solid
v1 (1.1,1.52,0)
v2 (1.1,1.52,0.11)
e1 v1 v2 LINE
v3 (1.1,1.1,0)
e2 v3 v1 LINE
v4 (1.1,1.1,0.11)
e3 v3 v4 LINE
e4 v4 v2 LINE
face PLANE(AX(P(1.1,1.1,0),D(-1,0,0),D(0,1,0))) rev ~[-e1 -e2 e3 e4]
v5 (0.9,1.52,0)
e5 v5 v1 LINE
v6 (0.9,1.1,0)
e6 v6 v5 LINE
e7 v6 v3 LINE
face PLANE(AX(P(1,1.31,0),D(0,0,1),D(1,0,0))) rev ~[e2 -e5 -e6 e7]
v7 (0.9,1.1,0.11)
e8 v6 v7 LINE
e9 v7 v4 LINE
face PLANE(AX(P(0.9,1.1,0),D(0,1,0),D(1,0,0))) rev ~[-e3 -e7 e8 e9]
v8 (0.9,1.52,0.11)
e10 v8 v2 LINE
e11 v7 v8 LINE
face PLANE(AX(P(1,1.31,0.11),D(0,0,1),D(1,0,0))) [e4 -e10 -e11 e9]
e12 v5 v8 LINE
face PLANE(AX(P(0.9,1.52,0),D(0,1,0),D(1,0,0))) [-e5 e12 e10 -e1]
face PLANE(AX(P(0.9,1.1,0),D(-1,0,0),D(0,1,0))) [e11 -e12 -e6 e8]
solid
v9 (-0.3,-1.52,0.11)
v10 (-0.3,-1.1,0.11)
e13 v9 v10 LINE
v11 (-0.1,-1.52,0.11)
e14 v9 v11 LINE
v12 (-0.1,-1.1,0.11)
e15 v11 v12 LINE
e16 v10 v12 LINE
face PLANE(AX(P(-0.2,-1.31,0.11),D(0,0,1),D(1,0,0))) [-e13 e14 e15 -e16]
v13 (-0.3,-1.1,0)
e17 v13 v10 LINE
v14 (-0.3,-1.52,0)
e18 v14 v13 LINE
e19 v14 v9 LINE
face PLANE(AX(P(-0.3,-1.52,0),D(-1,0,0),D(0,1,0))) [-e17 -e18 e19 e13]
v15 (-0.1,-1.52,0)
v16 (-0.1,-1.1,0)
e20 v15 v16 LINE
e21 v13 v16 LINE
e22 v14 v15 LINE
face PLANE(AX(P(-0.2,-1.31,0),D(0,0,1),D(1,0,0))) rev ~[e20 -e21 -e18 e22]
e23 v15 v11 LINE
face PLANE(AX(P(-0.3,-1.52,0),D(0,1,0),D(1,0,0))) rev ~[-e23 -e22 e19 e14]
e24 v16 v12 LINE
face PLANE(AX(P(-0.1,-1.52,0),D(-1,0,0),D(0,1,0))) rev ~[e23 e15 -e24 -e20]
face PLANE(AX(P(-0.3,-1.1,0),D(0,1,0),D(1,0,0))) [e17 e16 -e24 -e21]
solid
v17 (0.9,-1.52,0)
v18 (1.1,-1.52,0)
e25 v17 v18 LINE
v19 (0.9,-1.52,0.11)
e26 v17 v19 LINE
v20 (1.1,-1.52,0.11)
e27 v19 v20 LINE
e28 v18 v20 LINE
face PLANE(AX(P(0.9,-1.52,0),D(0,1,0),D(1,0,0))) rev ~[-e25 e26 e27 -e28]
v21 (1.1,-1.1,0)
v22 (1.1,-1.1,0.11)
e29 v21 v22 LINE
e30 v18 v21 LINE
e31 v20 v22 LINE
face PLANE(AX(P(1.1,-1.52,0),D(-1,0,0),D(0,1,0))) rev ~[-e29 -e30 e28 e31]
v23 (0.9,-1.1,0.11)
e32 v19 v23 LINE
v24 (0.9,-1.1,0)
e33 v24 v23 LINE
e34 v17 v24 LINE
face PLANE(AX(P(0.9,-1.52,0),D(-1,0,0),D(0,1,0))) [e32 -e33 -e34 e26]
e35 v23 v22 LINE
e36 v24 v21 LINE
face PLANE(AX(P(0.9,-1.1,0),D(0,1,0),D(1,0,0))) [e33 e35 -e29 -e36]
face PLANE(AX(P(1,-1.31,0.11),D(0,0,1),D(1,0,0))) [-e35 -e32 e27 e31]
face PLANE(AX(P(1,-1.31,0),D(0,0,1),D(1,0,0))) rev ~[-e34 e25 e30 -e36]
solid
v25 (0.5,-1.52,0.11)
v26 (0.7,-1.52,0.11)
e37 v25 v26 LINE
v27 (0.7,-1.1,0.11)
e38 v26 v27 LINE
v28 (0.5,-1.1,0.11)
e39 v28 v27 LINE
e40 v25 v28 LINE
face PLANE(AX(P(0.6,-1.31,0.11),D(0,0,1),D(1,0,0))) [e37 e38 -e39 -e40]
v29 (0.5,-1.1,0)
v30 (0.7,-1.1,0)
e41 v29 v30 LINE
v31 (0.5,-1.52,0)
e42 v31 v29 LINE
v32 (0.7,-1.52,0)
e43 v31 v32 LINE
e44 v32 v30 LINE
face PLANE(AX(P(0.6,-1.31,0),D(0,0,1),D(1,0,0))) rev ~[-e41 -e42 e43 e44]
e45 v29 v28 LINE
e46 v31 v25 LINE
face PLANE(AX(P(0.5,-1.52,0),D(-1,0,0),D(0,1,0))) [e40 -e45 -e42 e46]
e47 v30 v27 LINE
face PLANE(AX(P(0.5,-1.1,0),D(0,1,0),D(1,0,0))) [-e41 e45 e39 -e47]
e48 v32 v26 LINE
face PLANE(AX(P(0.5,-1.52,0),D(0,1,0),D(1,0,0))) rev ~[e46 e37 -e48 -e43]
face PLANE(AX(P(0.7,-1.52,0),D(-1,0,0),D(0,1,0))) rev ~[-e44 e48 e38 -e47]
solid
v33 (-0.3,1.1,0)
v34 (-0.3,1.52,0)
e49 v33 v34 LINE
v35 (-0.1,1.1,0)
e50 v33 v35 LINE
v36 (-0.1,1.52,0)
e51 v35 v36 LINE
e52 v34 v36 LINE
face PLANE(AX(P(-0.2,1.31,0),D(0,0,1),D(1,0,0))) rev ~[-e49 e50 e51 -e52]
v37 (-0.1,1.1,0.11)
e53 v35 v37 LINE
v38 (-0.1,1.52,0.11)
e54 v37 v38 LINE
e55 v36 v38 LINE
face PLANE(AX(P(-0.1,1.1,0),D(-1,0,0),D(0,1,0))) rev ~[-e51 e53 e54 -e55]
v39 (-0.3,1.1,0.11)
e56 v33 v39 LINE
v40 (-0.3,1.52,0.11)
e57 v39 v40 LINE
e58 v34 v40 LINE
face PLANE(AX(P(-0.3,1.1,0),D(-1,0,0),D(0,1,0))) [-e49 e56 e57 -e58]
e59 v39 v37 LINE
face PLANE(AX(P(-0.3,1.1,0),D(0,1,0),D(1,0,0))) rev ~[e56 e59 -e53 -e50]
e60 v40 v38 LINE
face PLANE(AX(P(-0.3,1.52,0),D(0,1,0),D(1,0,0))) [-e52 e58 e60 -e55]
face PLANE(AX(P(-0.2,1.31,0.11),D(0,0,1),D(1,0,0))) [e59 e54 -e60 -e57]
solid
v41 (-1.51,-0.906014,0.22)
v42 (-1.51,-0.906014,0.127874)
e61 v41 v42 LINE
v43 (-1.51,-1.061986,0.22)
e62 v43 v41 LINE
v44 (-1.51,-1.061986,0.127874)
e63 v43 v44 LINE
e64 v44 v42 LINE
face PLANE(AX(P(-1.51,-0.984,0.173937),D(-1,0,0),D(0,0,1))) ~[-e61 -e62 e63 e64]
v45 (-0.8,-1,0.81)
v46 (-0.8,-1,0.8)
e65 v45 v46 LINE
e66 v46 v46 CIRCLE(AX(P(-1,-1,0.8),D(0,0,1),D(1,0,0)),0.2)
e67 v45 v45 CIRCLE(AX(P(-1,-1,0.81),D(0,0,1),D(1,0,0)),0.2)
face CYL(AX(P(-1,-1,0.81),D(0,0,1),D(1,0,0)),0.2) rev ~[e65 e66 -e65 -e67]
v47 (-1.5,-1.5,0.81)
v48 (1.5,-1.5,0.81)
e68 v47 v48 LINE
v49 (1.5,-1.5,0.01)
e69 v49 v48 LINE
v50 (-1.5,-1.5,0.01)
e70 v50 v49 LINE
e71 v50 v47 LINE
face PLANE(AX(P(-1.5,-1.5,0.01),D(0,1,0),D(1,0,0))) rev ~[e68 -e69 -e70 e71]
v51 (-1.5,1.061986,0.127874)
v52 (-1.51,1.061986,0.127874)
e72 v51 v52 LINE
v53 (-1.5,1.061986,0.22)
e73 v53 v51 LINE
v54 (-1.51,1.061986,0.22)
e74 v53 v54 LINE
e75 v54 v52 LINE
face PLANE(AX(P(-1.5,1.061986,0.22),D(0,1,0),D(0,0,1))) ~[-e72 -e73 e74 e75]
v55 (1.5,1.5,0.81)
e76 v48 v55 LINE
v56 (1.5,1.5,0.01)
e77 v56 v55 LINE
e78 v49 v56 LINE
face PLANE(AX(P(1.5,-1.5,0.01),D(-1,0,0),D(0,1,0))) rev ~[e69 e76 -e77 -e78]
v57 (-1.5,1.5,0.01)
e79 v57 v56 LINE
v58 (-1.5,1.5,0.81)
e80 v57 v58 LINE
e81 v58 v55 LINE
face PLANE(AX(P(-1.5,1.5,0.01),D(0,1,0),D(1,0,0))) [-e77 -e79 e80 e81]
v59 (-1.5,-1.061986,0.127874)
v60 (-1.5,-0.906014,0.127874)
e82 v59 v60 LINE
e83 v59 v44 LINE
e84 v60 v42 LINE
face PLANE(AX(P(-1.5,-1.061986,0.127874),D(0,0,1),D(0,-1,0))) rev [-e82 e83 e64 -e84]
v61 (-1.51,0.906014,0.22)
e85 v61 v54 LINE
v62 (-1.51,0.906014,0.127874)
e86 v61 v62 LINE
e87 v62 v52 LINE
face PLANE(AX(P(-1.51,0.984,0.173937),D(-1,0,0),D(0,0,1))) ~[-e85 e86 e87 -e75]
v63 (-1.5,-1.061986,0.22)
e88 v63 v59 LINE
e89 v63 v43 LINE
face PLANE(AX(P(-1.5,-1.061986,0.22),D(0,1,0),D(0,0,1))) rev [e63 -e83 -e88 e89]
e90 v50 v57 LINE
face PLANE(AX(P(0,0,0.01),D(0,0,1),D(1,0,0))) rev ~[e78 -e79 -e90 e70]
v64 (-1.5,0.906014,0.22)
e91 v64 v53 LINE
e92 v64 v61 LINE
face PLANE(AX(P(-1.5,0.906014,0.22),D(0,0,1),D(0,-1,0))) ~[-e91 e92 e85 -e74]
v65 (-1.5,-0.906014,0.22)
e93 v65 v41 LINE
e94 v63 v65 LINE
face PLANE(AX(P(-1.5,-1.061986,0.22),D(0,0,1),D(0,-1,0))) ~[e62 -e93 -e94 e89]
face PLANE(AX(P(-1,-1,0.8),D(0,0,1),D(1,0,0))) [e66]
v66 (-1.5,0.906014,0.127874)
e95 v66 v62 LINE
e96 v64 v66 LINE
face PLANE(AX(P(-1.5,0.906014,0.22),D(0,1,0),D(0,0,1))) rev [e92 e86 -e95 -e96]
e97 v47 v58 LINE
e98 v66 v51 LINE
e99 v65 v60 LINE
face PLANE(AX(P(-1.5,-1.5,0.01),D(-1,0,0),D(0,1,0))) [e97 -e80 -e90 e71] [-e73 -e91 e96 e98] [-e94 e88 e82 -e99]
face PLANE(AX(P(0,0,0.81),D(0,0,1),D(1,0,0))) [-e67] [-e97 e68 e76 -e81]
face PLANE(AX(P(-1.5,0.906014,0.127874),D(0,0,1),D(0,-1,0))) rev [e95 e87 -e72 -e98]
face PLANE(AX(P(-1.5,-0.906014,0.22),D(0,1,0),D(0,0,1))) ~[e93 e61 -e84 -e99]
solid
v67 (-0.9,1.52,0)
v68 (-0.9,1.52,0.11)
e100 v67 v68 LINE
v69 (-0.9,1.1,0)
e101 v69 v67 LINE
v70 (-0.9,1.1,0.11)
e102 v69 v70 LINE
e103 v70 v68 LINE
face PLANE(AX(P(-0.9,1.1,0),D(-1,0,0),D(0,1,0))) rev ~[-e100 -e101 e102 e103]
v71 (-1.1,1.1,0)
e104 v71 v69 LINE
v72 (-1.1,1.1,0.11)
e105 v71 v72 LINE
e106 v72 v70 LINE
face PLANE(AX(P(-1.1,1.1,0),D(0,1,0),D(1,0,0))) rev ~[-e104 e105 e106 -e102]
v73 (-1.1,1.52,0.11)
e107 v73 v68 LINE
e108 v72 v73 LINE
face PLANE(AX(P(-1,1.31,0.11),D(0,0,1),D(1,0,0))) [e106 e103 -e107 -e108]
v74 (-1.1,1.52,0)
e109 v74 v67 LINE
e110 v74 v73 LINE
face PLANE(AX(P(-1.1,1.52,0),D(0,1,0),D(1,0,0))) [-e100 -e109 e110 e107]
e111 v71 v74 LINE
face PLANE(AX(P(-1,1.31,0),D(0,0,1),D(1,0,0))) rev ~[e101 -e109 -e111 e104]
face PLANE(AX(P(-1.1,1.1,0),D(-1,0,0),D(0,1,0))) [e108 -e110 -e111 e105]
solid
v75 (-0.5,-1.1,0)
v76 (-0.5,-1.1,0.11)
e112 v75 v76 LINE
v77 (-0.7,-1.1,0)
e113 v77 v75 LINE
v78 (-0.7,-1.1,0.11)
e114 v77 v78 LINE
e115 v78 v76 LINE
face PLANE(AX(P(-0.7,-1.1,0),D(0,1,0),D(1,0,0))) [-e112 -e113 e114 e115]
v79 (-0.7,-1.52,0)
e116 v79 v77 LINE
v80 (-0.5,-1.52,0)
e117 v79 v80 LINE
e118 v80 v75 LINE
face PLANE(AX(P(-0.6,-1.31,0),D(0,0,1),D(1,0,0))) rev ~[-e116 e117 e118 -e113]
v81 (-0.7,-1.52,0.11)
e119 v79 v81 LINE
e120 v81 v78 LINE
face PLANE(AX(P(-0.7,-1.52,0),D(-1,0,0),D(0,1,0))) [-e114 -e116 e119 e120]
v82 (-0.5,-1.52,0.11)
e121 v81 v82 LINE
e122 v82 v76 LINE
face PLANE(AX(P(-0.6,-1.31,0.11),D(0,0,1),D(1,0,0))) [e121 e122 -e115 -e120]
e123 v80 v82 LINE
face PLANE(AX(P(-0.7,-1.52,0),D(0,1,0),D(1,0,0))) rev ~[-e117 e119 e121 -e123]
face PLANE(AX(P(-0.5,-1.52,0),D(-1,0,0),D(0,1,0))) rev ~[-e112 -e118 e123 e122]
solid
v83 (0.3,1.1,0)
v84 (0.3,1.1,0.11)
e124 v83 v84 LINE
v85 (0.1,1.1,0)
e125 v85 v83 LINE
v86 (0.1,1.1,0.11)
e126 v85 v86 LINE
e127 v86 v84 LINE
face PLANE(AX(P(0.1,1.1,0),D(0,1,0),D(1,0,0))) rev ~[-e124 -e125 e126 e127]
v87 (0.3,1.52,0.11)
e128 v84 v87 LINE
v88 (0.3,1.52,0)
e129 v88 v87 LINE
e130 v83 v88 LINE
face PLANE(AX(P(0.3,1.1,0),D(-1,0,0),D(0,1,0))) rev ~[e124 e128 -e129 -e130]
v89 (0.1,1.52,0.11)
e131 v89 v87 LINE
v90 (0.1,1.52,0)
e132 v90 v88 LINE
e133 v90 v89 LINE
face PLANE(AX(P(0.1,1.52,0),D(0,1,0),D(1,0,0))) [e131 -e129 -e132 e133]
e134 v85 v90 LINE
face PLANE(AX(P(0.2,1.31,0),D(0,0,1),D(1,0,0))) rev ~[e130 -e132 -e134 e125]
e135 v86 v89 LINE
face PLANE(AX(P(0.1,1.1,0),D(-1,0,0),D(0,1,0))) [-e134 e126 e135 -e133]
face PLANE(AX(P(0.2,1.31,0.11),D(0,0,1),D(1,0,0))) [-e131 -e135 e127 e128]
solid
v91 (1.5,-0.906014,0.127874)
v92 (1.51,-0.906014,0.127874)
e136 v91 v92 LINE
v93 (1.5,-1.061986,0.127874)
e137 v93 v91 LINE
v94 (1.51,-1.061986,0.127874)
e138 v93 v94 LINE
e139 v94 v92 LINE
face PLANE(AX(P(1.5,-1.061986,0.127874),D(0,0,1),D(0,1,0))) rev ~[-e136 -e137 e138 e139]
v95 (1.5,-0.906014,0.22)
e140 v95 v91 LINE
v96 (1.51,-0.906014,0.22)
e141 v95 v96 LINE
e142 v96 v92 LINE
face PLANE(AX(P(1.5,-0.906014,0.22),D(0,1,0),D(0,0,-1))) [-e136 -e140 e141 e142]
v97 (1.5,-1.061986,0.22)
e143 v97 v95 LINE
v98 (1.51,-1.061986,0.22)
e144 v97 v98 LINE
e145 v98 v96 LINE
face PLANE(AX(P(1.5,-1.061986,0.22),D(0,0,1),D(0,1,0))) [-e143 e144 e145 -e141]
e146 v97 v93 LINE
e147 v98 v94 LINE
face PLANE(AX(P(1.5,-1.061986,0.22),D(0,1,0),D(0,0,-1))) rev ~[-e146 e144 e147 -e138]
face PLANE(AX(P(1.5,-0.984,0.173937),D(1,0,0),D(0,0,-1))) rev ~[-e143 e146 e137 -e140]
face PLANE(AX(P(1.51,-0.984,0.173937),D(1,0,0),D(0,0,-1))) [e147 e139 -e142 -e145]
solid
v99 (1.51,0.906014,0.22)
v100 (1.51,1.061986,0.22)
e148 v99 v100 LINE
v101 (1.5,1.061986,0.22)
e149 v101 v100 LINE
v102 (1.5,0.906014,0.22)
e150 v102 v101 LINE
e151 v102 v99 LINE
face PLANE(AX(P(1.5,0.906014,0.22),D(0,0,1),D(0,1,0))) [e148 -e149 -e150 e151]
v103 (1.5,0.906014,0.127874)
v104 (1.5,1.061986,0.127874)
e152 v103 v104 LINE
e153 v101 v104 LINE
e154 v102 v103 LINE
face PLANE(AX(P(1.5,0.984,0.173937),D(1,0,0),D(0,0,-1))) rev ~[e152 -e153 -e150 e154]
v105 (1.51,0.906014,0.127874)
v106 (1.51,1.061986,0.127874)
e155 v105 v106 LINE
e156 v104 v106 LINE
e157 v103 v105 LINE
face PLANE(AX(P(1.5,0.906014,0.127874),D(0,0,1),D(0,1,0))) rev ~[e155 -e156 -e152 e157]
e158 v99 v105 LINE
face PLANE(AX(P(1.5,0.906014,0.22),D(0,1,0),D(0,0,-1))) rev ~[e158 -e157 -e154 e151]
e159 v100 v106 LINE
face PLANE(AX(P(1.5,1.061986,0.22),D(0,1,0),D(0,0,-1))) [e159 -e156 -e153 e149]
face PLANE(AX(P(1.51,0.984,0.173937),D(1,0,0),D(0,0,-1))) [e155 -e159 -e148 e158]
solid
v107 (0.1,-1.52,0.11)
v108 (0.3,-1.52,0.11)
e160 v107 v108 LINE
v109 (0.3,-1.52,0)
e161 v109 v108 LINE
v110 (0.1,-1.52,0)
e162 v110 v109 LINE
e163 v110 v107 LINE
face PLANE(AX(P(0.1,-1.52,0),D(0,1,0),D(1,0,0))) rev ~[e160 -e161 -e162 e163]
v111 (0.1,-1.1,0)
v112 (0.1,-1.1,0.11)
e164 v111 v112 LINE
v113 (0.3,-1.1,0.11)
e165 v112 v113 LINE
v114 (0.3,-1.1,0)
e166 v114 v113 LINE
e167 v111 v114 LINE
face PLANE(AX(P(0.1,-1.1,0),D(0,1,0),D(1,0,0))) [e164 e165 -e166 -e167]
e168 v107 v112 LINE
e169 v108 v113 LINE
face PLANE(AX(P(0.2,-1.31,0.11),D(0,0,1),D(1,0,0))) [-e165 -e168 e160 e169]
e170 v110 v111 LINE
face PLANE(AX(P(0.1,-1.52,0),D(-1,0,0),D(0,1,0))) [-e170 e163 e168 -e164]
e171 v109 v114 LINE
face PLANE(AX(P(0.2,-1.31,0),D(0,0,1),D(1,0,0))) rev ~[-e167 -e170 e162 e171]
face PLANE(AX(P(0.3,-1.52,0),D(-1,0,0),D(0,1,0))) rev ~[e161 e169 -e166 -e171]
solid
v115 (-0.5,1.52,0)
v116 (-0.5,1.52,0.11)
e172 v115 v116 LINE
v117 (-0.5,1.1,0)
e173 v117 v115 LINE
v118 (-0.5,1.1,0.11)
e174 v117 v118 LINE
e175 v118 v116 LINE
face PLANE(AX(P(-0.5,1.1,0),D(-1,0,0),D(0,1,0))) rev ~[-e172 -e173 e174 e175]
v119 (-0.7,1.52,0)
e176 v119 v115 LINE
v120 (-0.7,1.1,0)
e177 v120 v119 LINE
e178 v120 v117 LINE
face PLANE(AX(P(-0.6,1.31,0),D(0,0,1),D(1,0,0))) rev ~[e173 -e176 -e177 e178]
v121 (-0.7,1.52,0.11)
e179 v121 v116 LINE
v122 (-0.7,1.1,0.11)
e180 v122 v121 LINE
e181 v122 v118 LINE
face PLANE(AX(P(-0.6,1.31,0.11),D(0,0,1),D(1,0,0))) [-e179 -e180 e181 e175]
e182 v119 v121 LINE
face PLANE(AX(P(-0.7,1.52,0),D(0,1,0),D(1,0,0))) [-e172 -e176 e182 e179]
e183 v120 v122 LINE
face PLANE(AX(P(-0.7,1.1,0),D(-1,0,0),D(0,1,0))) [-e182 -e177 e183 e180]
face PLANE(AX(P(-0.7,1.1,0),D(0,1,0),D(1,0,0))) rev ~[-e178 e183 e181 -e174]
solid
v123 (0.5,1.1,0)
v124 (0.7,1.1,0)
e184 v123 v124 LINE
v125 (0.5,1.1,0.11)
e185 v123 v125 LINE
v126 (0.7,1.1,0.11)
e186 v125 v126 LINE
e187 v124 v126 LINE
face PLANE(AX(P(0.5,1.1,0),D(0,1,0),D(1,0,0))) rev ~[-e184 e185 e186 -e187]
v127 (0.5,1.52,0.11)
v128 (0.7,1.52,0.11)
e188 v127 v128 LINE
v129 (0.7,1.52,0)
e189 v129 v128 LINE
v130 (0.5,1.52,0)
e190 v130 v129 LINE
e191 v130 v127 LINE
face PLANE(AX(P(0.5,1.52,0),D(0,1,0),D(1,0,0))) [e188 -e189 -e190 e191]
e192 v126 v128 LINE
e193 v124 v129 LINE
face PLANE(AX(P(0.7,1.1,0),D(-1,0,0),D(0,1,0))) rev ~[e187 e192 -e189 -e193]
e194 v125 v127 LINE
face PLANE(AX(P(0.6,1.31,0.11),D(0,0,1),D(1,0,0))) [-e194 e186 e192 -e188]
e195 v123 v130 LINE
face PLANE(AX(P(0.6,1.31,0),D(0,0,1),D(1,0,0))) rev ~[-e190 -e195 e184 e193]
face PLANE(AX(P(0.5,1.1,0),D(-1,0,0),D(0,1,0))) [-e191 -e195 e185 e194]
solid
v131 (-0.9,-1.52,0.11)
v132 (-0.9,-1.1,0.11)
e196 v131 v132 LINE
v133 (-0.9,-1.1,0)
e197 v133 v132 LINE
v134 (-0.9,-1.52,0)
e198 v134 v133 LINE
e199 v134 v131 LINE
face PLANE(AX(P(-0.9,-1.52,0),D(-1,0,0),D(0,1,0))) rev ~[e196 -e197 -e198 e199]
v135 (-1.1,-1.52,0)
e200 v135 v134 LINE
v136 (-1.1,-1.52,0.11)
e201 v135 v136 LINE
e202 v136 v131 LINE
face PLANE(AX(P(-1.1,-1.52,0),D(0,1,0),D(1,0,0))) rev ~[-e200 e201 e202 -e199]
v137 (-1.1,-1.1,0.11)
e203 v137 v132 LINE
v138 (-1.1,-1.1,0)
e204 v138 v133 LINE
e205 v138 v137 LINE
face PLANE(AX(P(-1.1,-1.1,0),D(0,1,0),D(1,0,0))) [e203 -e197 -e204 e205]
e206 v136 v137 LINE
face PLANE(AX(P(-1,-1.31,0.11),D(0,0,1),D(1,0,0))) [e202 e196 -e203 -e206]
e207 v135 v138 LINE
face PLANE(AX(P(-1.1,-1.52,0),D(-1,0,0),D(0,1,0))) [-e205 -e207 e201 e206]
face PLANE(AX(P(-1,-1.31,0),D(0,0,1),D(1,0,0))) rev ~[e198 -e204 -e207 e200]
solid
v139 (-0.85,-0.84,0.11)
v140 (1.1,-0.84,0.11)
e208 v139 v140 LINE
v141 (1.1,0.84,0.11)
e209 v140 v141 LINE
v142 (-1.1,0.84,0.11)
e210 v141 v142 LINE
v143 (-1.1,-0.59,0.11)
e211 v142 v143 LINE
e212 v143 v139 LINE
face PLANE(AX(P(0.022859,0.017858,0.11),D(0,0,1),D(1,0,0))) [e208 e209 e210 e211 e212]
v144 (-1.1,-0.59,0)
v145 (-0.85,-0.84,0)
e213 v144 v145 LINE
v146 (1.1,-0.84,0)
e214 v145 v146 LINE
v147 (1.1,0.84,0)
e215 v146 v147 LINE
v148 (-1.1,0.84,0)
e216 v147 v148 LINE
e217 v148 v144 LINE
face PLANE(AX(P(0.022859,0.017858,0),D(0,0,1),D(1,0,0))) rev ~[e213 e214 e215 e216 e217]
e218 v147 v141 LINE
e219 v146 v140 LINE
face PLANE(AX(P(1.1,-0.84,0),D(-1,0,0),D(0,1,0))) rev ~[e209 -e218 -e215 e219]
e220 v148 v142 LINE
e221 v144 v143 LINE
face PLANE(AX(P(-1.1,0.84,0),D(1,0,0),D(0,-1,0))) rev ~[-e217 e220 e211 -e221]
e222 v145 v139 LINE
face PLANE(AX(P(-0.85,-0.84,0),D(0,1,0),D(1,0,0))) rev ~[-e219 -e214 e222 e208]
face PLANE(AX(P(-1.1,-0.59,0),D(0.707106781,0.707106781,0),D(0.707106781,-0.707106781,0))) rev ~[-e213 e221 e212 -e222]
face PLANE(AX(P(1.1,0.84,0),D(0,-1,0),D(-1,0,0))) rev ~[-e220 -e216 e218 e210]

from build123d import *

# Parameters (mm, degrees)
SKETCH1_W              = 3
SKETCH1_H              = 3
BOSS_EXTRUDE1_DEPTH    = 0.8
SKETCH2_W              = 0.2
SKETCH2_H              = 0.42
BOSS_EXTRUDE2_DEPTH    = 0.11
BOSS_EXTRUDE2_2_DEPTH  = 0.11
BOSS_EXTRUDE2_3_DEPTH  = 0.11
BOSS_EXTRUDE2_4_DEPTH  = 0.11
BOSS_EXTRUDE2_5_DEPTH  = 0.11
BOSS_EXTRUDE2_6_DEPTH  = 0.11
BOSS_EXTRUDE2_7_DEPTH  = 0.11
BOSS_EXTRUDE2_8_DEPTH  = 0.11
BOSS_EXTRUDE2_9_DEPTH  = 0.11
BOSS_EXTRUDE2_10_DEPTH = 0.11
BOSS_EXTRUDE2_11_DEPTH = 0.11
BOSS_EXTRUDE2_12_DEPTH = 0.11
BOSS_EXTRUDE2_13_DEPTH = 0.11
SKETCH3_W              = 0.092125769
SKETCH3_H              = 0.15597197
BOSS_EXTRUDE3_DEPTH    = 0.01
BOSS_EXTRUDE3_2_DEPTH  = 0.01
SKETCH4_R              = 0.2
CUT_EXTRUDE1_DEPTH     = 0.01


with BuildPart() as part:
    # Sketch1 → Boss-Extrude1 (new body)
    with BuildSketch(Plane.XY.offset(0.01)):
        Rectangle(SKETCH1_W, SKETCH1_H)
    extrude(amount=BOSS_EXTRUDE1_DEPTH)


with BuildPart() as body_2:
    # Sketch2 → Boss-Extrude2 (new body)
    with BuildSketch(Plane.XY):
        with Locations((-1, -1.31)):
            Rectangle(SKETCH2_W, SKETCH2_H)
    extrude(amount=BOSS_EXTRUDE2_DEPTH)


with BuildPart() as body_3:
    # Sketch2 → Boss-Extrude2 2 (new body)
    with BuildSketch(Plane.XY):
        with Locations((-0.6, -1.31)):
            Rectangle(SKETCH2_W, SKETCH2_H)
    extrude(amount=BOSS_EXTRUDE2_2_DEPTH)


with BuildPart() as body_4:
    # Sketch2 → Boss-Extrude2 3 (new body)
    with BuildSketch(Plane.XY):
        with Locations((-0.2, -1.31)):
            Rectangle(SKETCH2_W, SKETCH2_H)
    extrude(amount=BOSS_EXTRUDE2_3_DEPTH)


with BuildPart() as body_5:
    # Sketch2 → Boss-Extrude2 4 (new body)
    with BuildSketch(Plane.XY):
        with Locations((0.2, -1.31)):
            Rectangle(SKETCH2_W, SKETCH2_H)
    extrude(amount=BOSS_EXTRUDE2_4_DEPTH)


with BuildPart() as body_6:
    # Sketch2 → Boss-Extrude2 5 (new body)
    with BuildSketch(Plane.XY):
        with Locations((0.6, -1.31)):
            Rectangle(SKETCH2_W, SKETCH2_H)
    extrude(amount=BOSS_EXTRUDE2_5_DEPTH)


with BuildPart() as body_7:
    # Sketch2 → Boss-Extrude2 6 (new body)
    with BuildSketch(Plane.XY):
        with Locations((1, -1.31)):
            Rectangle(SKETCH2_W, SKETCH2_H)
    extrude(amount=BOSS_EXTRUDE2_6_DEPTH)


with BuildPart() as body_8:
    # Sketch2 → Boss-Extrude2 7 (new body)
    with BuildSketch(Plane.XY):
        with Locations((1, 1.31)):
            Rectangle(SKETCH2_W, SKETCH2_H)
    extrude(amount=BOSS_EXTRUDE2_7_DEPTH)


with BuildPart() as body_9:
    # Sketch2 → Boss-Extrude2 8 (new body)
    with BuildSketch(Plane.XY):
        with Locations((0.6, 1.31)):
            Rectangle(SKETCH2_W, SKETCH2_H)
    extrude(amount=BOSS_EXTRUDE2_8_DEPTH)


with BuildPart() as body_10:
    # Sketch2 → Boss-Extrude2 9 (new body)
    with BuildSketch(Plane.XY):
        with Locations((0.2, 1.31)):
            Rectangle(SKETCH2_W, SKETCH2_H)
    extrude(amount=BOSS_EXTRUDE2_9_DEPTH)


with BuildPart() as body_11:
    # Sketch2 → Boss-Extrude2 10 (new body)
    with BuildSketch(Plane.XY):
        with Locations((-0.2, 1.31)):
            Rectangle(SKETCH2_W, SKETCH2_H)
    extrude(amount=BOSS_EXTRUDE2_10_DEPTH)


with BuildPart() as body_12:
    # Sketch2 → Boss-Extrude2 11 (new body)
    with BuildSketch(Plane.XY):
        with Locations((-0.6, 1.31)):
            Rectangle(SKETCH2_W, SKETCH2_H)
    extrude(amount=BOSS_EXTRUDE2_11_DEPTH)


with BuildPart() as body_13:
    # Sketch2 → Boss-Extrude2 12 (new body)
    with BuildSketch(Plane.XY):
        with Locations((-1, 1.31)):
            Rectangle(SKETCH2_W, SKETCH2_H)
    extrude(amount=BOSS_EXTRUDE2_12_DEPTH)


with BuildPart() as body_14:
    # Sketch2 → Boss-Extrude2 13 (new body)
    with BuildSketch(Plane.XY):
        Polygon((-1.1, -0.59), (-0.85, -0.84), (1.1, -0.84), (1.1, 0.84), (-1.1, 0.84), align=None)
    extrude(amount=BOSS_EXTRUDE2_13_DEPTH)


with BuildPart() as body_15:
    # Sketch3 → Boss-Extrude3 (new body)
    with BuildSketch(Plane(origin=(1.5, 0, 0), x_dir=(0, 0, -1), z_dir=(1, 0, 0))):
        with Locations((-0.173937116, 0.983999633)):
            Rectangle(SKETCH3_W, SKETCH3_H)
    boss_extrude3 = extrude(amount=BOSS_EXTRUDE3_DEPTH)


with BuildPart() as body_16:
    # Sketch3 → Boss-Extrude3 2 (new body)
    with BuildSketch(Plane(origin=(1.5, 0, 0), x_dir=(0, 0, -1), z_dir=(1, 0, 0))):
        with Locations((-0.173937116, -0.983999633)):
            Rectangle(SKETCH3_W, SKETCH3_H)
    boss_extrude3_2 = extrude(amount=BOSS_EXTRUDE3_2_DEPTH)


with BuildPart() as part_1:
    add(part.part)

    # Mirror1: Boss-Extrude3, Boss-Extrude3 2 across plane
    add(boss_extrude3.mirror(Plane(origin=(0, 0, 0), x_dir=(0, 0, 1), z_dir=(1, 0, 0))))
    add(boss_extrude3_2.mirror(Plane(origin=(0, 0, 0), x_dir=(0, 0, 1), z_dir=(1, 0, 0))))

    # Sketch4 → Cut-Extrude1 (cut)
    with BuildSketch(Plane.XY.offset(0.81)):
        with Locations((-1, -1)):
            Circle(SKETCH4_R)
    extrude(amount=-CUT_EXTRUDE1_DEPTH, mode=Mode.SUBTRACT)


solid = Compound([body_2.part, body_3.part, body_4.part, body_5.part, body_6.part, body_7.part, body_8.part, body_9.part, body_10.part, body_11.part, body_12.part, body_13.part, body_14.part, body_15.part, body_16.part, part_1.part])
